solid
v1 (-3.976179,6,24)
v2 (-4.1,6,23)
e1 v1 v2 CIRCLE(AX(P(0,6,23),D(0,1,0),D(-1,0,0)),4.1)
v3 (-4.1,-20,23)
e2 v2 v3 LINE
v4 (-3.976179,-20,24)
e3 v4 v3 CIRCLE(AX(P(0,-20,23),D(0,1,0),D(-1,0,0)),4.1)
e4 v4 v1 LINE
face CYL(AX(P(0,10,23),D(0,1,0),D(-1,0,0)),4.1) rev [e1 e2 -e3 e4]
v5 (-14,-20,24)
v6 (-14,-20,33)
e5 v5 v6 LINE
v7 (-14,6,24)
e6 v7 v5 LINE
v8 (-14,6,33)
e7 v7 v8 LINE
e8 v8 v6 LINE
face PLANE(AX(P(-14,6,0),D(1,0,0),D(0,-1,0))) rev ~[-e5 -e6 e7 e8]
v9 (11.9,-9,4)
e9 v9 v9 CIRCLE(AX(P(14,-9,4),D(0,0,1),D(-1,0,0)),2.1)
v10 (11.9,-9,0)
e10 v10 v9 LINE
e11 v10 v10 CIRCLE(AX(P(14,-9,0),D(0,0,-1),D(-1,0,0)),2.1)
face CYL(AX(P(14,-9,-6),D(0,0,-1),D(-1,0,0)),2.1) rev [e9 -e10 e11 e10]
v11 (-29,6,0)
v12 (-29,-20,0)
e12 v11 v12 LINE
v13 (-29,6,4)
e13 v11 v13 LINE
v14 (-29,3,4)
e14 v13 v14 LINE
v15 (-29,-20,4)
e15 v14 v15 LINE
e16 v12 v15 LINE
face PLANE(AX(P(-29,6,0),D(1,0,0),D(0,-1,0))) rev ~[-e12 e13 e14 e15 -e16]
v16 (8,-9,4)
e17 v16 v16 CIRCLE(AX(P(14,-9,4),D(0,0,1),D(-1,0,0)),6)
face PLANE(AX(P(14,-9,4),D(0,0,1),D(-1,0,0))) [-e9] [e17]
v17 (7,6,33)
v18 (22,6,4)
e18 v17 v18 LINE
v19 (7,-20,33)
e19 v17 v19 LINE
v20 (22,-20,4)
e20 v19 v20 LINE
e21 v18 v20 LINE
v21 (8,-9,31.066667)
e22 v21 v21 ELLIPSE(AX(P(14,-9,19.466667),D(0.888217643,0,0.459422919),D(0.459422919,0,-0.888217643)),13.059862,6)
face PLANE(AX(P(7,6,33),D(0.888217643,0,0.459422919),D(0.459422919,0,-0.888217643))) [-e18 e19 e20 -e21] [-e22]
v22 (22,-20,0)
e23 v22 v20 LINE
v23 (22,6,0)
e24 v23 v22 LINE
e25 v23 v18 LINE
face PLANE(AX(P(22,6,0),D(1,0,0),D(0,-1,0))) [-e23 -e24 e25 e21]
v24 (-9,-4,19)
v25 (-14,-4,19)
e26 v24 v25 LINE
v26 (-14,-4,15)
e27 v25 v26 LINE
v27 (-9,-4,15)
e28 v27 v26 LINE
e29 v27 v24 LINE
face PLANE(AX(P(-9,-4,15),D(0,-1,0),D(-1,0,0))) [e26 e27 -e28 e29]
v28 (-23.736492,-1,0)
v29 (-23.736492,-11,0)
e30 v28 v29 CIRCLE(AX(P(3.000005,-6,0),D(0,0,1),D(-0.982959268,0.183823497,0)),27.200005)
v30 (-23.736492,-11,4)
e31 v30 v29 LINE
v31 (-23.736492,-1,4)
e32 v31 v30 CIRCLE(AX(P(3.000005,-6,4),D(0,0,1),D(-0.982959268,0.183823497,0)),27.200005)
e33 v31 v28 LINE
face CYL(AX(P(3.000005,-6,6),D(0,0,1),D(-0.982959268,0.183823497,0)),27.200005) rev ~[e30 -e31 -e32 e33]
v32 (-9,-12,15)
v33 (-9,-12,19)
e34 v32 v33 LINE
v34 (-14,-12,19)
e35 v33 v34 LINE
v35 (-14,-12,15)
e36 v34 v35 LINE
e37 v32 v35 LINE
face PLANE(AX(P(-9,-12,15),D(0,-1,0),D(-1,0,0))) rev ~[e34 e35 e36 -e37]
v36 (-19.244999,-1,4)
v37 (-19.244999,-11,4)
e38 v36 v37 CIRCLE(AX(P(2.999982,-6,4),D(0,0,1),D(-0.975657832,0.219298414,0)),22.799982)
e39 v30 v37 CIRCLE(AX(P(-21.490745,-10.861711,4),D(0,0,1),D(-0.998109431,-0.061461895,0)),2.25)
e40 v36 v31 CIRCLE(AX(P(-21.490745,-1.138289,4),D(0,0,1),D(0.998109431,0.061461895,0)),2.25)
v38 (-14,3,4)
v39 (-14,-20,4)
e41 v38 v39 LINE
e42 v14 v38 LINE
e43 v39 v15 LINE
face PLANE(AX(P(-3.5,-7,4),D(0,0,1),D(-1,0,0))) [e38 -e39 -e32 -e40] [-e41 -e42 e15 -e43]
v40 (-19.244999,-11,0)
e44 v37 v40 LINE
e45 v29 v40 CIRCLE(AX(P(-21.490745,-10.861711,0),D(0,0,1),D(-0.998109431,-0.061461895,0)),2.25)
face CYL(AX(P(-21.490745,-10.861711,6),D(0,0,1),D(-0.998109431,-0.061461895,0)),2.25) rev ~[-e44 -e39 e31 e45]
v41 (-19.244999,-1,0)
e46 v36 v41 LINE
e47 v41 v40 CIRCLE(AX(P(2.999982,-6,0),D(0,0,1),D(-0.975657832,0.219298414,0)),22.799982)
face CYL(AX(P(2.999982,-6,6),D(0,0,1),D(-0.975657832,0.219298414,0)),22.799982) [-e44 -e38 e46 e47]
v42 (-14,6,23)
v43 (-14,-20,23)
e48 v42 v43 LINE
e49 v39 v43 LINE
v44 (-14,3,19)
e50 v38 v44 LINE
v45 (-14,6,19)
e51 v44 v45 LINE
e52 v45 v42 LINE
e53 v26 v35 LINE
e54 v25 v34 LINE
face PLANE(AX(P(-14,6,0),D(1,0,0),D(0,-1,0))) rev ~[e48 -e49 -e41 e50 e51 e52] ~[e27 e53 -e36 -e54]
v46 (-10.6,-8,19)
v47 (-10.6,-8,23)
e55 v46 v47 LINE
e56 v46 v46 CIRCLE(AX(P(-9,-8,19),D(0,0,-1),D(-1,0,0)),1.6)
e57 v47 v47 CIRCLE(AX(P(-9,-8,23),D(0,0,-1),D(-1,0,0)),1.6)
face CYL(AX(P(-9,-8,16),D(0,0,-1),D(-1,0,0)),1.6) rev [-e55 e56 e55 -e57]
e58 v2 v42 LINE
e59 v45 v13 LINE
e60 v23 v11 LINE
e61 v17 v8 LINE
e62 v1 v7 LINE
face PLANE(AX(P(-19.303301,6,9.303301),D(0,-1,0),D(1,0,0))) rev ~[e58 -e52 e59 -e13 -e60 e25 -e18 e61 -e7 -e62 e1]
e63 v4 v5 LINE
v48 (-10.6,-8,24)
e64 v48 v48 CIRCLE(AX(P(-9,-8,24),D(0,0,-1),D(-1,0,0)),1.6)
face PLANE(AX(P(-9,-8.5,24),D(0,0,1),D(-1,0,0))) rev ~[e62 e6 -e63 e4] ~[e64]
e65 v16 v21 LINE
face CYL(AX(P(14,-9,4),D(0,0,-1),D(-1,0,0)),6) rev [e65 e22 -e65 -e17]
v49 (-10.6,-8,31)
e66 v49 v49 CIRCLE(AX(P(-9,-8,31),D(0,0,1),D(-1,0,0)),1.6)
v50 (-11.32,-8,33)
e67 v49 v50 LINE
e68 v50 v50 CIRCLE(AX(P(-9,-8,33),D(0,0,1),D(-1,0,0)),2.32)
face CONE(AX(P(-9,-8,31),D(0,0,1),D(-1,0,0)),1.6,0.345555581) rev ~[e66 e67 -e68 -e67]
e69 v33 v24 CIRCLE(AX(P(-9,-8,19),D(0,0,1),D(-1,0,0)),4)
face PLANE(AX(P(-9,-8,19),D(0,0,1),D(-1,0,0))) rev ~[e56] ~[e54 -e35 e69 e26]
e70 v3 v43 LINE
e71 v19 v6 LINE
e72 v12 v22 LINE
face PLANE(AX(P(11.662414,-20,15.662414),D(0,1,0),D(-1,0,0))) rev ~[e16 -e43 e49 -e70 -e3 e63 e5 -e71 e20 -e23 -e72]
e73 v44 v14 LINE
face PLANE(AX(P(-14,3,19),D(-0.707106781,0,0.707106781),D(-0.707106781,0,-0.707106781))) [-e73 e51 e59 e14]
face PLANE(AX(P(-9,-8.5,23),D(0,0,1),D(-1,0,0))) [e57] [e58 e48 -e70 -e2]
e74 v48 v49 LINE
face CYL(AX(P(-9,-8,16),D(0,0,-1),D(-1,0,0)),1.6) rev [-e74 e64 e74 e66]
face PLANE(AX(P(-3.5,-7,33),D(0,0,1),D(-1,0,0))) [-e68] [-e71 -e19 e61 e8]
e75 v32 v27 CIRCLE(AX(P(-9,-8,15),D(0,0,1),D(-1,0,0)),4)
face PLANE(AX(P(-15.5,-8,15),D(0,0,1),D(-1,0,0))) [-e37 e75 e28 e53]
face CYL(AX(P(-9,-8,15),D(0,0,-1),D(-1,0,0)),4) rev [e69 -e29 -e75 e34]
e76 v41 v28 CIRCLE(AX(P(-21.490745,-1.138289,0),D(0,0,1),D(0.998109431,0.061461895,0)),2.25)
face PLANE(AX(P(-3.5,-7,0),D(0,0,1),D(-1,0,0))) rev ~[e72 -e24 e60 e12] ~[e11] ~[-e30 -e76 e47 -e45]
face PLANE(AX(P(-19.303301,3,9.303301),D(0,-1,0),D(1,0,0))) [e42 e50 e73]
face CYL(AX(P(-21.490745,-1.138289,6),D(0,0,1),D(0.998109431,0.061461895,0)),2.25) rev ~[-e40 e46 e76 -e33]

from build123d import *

# Parameters (mm, degrees)
CYLINDER047_R              = 6
CYLINDER047_DEPTH          = 30
CYLINDER049_R              = 2.1
CYLINDER049_DEPTH          = 10
CYLINDER046_R              = 1.6
CYLINDER046_DEPTH          = 15
CYLINDER050_R              = 4
CYLINDER050_DEPTH          = 4
BOX015_W                   = 13
BOX015_H                   = 8
BOX015_DEPTH               = 4
EXTRUDE012_DEPTH           = 3
EXTRUDE012_PLACEMENT_ANGLE = 180
EXTRUDE011_DEPTH           = 10
BOX018_W                   = 51
BOX018_H                   = 26
BOX018_DEPTH               = 4
EXTRUDE010_DEPTH           = 26
CYLINDER048_R              = 4.1
CYLINDER048_DEPTH          = 240
BOX016_W                   = 12
BOX016_H                   = 35
BOX016_DEPTH               = 1
BOX017_W                   = 21
BOX017_H                   = 26
BOX017_DEPTH               = 33
CUT042_PLACEMENT_ANGLE     = 180


with BuildPart() as cylinder047:
    # Cylinder047 → Cylinder047 (new body)
    with BuildSketch(Plane.XY.offset(10)):
        Circle(CYLINDER047_R)
    extrude(amount=CYLINDER047_DEPTH)


with BuildPart() as fusion019:
    # Cylinder049 → Cylinder049 (new body)
    with BuildSketch(Plane.XY):
        Circle(CYLINDER049_R)
    extrude(amount=CYLINDER049_DEPTH)

    # Fusion019: union Cylinder047
    add(cylinder047.part)


with BuildPart() as fusion019_1:
    # Fusion019 placement: moved
    add(fusion019.part.moved(Location((-14, 12, -29))))


with BuildPart() as cylinder046:
    # Cylinder046 → Cylinder046 (new body)
    with BuildSketch(Plane.XY):
        Circle(CYLINDER046_R)
    extrude(amount=CYLINDER046_DEPTH)


with BuildPart() as fusion021:
    # Cone003 → Cone003 (revolve)
    with BuildSketch(Plane(origin=(0, 0, 15), x_dir=(1, 0, 0), z_dir=(0, -1, 0))):
        Polygon((0, 0), (1.6, 0), (2.5, 2.5), (0, 2.5), align=None)
    revolve(axis=Axis((0, 0, 15), (0, 0, 1)))

    # Fusion021: union Cylinder046
    add(cylinder046.part)


with BuildPart() as fusion021_1:
    # Fusion021 placement: moved
    add(fusion021.part.moved(Location((9, 11, -7))))


with BuildPart() as cylinder050:
    # Cylinder050 → Cylinder050 (new body)
    with BuildSketch(Plane(origin=(9, 11, -8), x_dir=(1, 0, 0), z_dir=(0, 0, 1))):
        Circle(CYLINDER050_R)
    extrude(amount=CYLINDER050_DEPTH)


with BuildPart() as fusion018:
    # Box015 → Box015 (new body)
    with BuildSketch(Plane(origin=(9, 7, -8), x_dir=(1, 0, 0), z_dir=(0, 0, 1))):
        with Locations((6.5, 4)):
            Rectangle(BOX015_W, BOX015_H)
    extrude(amount=BOX015_DEPTH)

    # Fusion018: union Cylinder050
    add(cylinder050.part)


with BuildPart() as extrude012:
    # Sketch006 → Extrude012 (new body)
    with BuildSketch(Plane.XZ):
        Polygon((-22, -19), (-7, -19), (-7, -4), align=None)
    extrude(amount=-EXTRUDE012_DEPTH)


with BuildPart() as extrude012_1:
    # Extrude012 placement: moved
    add(extrude012.part.moved(Location((7, 0, 0))).rotate(Axis((7, 0, 0), (0, 0, 1)), EXTRUDE012_PLACEMENT_ANGLE))


with BuildPart() as extrude011:
    # Sketch007 → Extrude011 (new body)
    with BuildSketch(Plane.XY):
        with BuildLine():
            ThreePointArc((35.736492, 10), (36.2, 15), (35.736492, 20))
            ThreePointArc((35.736492, 20), (33.490746, 22.111711), (31.244999, 20))
            ThreePointArc((31.244999, 10), (31.8, 15), (31.244999, 20))
            ThreePointArc((31.244999, 10), (33.490746, 7.888289), (35.736492, 10))
        make_face()
    extrude(amount=-EXTRUDE011_DEPTH)


with BuildPart() as extrude011_1:
    # Extrude011 placement: moved
    add(extrude011.part.moved(Location((-12, -3, -17))))


with BuildPart() as cut044:
    # Box018 → Box018 (new body)
    with BuildSketch(Plane(origin=(-22, 0, -23), x_dir=(1, 0, 0), z_dir=(0, 0, 1))):
        with Locations((25.5, 13)):
            Rectangle(BOX018_W, BOX018_H)
    extrude(amount=BOX018_DEPTH)

    # Cut044: cut Extrude011
    add(extrude011_1.part, mode=Mode.SUBTRACT)


with BuildPart() as cut044_1:
    # Cut044 placement: moved
    add(cut044.part.moved(Location((0, -3, 0))))


with BuildPart() as extrude010:
    # Sketch008 → Extrude010 (new body)
    with BuildSketch(Plane.XZ):
        Polygon((-22, -19), (-7, -19), (-7, 10), align=None)
    extrude(amount=-EXTRUDE010_DEPTH)


with BuildPart() as extrude010_1:
    # Extrude010 placement: moved
    add(extrude010.part.moved(Location((0, -3, 0))))


with BuildPart() as cylinder048:
    # Cylinder048 → Cylinder048 (new body)
    with BuildSketch(Plane(origin=(0, -7, 0), x_dir=(1, 0, 0), z_dir=(0, 1, 0))):
        Circle(CYLINDER048_R)
    extrude(amount=CYLINDER048_DEPTH)


with BuildPart() as box016:
    # Box016 → Box016 (new body)
    with BuildSketch(Plane(origin=(3, -6, 0), x_dir=(1, 0, 0), z_dir=(0, 0, 1))):
        with Locations((6, 17.5)):
            Rectangle(BOX016_W, BOX016_H)
    extrude(amount=BOX016_DEPTH)


with BuildPart() as cut042:
    # Box017 → Box017 (new body)
    with BuildSketch(Plane(origin=(-7, -3, -23), x_dir=(1, 0, 0), z_dir=(0, 0, 1))):
        with Locations((10.5, 13)):
            Rectangle(BOX017_W, BOX017_H)
    extrude(amount=BOX017_DEPTH)

    # Cut045: cut Box016
    add(box016.part, mode=Mode.SUBTRACT)

    # Cut041: cut Cylinder048
    add(cylinder048.part, mode=Mode.SUBTRACT)

    # Fusion020: union Cut044, Extrude010
    add(cut044_1.part)
    add(extrude010_1.part)

    # Fusion017: union Extrude012
    add(extrude012_1.part)

    # Cut043: cut Fusion018
    add(fusion018.part, mode=Mode.SUBTRACT)

    # Cut046: cut Fusion021
    add(fusion021_1.part, mode=Mode.SUBTRACT)

    # Cut042: cut Fusion019
    add(fusion019_1.part, mode=Mode.SUBTRACT)


with BuildPart() as cut042_1:
    # Cut042 placement: moved
    add(cut042.part.moved(Location((0, 3, 23))).rotate(Axis((0, 3, 23), (0, 0, 1)), CUT042_PLACEMENT_ANGLE))


solid = cut042_1.part
